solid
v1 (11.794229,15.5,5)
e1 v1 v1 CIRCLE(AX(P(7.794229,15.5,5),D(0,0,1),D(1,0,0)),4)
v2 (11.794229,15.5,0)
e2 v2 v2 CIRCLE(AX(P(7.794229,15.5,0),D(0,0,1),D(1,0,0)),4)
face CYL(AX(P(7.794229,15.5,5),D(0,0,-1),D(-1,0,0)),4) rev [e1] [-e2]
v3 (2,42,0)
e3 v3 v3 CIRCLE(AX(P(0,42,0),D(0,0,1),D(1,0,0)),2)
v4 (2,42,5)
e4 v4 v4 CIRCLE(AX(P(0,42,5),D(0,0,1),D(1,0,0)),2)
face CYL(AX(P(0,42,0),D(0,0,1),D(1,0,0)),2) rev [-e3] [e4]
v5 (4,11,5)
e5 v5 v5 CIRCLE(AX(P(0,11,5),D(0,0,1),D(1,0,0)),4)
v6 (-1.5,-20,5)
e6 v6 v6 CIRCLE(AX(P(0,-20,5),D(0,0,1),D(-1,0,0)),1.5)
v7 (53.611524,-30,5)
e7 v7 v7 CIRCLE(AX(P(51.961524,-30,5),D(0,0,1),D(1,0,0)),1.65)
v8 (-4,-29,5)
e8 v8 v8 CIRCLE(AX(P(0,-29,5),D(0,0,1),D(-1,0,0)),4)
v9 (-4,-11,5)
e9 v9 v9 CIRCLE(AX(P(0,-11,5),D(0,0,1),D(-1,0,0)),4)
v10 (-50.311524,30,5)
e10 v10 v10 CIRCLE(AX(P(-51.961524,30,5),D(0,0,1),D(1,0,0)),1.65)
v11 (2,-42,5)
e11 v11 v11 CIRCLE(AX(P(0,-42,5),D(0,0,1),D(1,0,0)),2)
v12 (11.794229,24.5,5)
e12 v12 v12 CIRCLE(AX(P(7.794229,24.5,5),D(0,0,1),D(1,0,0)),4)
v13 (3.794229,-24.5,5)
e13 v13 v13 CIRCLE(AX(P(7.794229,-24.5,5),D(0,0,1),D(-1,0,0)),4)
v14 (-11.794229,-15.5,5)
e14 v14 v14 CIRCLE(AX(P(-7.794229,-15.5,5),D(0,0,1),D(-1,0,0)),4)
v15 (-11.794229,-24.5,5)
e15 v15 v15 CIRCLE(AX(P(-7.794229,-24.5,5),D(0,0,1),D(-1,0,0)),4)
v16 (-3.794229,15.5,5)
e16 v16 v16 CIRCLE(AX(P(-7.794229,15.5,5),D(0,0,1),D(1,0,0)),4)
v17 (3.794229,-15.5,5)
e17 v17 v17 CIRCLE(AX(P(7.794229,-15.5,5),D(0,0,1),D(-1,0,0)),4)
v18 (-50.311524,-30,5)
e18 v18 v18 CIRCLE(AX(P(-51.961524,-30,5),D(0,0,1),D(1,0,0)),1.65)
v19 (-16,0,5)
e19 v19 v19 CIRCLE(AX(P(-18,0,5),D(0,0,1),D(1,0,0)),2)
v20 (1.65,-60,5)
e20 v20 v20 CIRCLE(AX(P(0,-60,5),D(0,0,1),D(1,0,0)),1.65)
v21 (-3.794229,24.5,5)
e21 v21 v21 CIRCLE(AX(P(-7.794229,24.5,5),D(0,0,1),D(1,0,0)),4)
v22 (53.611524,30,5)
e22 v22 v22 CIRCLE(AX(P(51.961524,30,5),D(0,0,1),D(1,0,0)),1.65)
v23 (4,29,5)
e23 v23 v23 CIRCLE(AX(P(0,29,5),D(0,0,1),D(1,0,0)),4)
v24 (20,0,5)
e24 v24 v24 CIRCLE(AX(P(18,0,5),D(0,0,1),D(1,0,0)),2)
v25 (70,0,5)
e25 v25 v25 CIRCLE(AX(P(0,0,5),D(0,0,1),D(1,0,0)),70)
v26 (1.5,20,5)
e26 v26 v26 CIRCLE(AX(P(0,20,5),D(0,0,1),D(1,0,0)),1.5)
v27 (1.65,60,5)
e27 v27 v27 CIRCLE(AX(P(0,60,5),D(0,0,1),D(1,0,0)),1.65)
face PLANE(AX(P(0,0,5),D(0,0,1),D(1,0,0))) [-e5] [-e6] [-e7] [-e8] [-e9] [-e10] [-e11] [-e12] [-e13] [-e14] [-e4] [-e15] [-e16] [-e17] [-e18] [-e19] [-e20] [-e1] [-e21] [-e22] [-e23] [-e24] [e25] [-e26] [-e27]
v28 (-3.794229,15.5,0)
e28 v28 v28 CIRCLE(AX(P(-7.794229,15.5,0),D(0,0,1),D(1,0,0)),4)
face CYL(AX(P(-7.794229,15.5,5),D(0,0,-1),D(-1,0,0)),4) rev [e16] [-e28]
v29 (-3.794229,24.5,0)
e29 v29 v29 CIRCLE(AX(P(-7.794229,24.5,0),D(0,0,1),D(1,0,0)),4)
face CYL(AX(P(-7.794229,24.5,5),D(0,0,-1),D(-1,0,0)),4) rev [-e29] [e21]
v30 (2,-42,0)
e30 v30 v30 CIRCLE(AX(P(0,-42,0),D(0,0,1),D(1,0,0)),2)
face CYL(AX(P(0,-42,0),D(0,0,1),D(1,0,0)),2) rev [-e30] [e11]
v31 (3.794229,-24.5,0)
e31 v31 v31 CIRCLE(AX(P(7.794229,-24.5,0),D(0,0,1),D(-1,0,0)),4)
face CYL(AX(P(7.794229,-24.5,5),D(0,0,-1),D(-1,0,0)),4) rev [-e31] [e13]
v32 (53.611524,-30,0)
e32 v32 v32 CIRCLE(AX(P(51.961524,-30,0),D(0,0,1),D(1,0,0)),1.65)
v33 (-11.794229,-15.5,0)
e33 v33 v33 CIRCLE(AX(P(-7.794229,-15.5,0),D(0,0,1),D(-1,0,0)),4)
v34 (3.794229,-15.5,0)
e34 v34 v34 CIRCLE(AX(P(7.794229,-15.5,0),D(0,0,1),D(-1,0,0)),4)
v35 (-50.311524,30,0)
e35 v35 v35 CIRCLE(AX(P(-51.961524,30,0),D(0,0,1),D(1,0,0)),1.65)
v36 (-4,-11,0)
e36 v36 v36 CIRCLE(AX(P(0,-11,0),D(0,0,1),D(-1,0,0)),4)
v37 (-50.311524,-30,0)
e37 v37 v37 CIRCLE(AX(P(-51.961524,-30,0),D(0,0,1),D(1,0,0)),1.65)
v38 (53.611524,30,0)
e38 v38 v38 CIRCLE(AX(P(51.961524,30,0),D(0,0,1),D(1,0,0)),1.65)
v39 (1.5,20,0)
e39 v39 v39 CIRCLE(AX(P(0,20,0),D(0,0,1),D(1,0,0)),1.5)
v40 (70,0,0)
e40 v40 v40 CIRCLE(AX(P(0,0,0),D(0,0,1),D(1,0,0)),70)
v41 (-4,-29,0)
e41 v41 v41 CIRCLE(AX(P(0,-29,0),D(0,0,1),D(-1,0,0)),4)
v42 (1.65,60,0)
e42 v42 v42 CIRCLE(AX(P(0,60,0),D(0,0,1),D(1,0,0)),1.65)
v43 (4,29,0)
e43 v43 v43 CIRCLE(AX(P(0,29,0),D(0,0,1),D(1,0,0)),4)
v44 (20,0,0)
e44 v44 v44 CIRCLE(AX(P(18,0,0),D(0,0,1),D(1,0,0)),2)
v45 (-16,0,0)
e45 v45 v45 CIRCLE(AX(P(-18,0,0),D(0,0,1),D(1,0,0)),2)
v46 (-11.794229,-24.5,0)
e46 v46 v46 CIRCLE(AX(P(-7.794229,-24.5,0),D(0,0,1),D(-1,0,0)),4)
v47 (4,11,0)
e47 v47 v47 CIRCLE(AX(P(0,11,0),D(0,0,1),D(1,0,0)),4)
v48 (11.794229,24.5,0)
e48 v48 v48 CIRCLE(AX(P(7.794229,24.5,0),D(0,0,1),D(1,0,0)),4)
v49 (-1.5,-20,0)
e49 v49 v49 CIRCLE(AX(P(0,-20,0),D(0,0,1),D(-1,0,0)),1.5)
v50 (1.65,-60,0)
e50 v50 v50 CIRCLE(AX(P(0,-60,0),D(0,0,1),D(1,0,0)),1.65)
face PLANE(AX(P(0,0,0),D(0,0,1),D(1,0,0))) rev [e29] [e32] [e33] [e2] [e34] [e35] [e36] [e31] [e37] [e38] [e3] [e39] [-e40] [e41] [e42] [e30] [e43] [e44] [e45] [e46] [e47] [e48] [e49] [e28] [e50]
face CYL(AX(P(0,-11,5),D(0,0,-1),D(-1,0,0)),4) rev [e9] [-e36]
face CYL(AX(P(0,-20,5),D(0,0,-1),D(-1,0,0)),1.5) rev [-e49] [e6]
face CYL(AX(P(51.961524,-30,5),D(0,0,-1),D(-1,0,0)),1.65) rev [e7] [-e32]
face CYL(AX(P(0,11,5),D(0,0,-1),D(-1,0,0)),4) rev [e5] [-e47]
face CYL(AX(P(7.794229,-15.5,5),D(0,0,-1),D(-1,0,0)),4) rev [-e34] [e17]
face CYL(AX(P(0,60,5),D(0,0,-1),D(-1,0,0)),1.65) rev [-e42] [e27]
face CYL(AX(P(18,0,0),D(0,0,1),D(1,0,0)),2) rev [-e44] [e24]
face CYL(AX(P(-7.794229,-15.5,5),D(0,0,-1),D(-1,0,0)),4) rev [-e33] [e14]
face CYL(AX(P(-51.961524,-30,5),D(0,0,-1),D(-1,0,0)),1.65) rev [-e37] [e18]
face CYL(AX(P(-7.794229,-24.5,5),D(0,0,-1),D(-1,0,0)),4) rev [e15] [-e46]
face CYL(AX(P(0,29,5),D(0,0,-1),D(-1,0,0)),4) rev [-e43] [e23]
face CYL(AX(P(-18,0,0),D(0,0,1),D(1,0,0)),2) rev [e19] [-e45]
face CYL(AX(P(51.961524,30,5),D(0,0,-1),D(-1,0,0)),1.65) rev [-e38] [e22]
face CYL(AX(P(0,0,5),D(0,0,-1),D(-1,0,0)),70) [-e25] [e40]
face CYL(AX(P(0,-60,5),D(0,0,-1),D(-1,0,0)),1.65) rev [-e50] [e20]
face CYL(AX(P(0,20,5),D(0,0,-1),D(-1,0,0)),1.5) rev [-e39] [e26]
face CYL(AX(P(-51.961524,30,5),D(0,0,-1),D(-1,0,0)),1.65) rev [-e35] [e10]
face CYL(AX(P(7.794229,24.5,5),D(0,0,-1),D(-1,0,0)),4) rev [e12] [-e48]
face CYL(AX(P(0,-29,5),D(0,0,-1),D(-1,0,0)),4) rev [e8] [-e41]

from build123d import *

# Parameters (mm, degrees)
SKETCH1_R           = 70
SKETCH1_R_2         = 1.65
SKETCH1_R_3         = 4
SKETCH1_R_4         = 1.5
BOSS_EXTRUDE1_DEPTH = 5
SKETCH2_R           = 2
CUT_EXTRUDE1_DEPTH  = 100.121138008


with BuildPart() as part:
    # Sketch1 → Boss-Extrude1 (new body)
    with BuildSketch(Plane.XY):
        Circle(SKETCH1_R)
        with Locations((0, 60)):
            Circle(SKETCH1_R_2, mode=Mode.SUBTRACT)
        with Locations((51.961524227, 30)):
            Circle(SKETCH1_R_2, mode=Mode.SUBTRACT)
        with Locations((51.961524227, -30)):
            Circle(SKETCH1_R_2, mode=Mode.SUBTRACT)
        with Locations((0, -60)):
            Circle(SKETCH1_R_2, mode=Mode.SUBTRACT)
        with Locations((-51.961524227, -30)):
            Circle(SKETCH1_R_2, mode=Mode.SUBTRACT)
        with Locations((-51.961524227, 30)):
            Circle(SKETCH1_R_2, mode=Mode.SUBTRACT)
        with Locations((0, 29)):
            Circle(SKETCH1_R_3, mode=Mode.SUBTRACT)
        with Locations((7.794228634, 24.5)):
            Circle(SKETCH1_R_3, mode=Mode.SUBTRACT)
        with Locations((7.794228634, 15.5)):
            Circle(SKETCH1_R_3, mode=Mode.SUBTRACT)
        with Locations((0, 11)):
            Circle(SKETCH1_R_3, mode=Mode.SUBTRACT)
        with Locations((-7.794228634, 15.5)):
            Circle(SKETCH1_R_3, mode=Mode.SUBTRACT)
        with Locations((-7.794228634, 24.5)):
            Circle(SKETCH1_R_3, mode=Mode.SUBTRACT)
        with Locations((0, 20)):
            Circle(SKETCH1_R_4, mode=Mode.SUBTRACT)
        with Locations(Location((7.794228634, -15.5, 0), (0, 0, 180))):
            Circle(SKETCH1_R_3, mode=Mode.SUBTRACT)
        with Locations(Location((0, -11, 0), (0, 0, 180))):
            Circle(SKETCH1_R_3, mode=Mode.SUBTRACT)
        with Locations(Location((-7.794228634, -15.5, 0), (0, 0, 180))):
            Circle(SKETCH1_R_3, mode=Mode.SUBTRACT)
        with Locations(Location((0, -20, 0), (0, 0, 180))):
            Circle(SKETCH1_R_4, mode=Mode.SUBTRACT)
        with Locations(Location((-7.794228634, -24.5, 0), (0, 0, 180))):
            Circle(SKETCH1_R_3, mode=Mode.SUBTRACT)
        with Locations(Location((0, -29, 0), (0, 0, 180))):
            Circle(SKETCH1_R_3, mode=Mode.SUBTRACT)
        with Locations(Location((7.794228634, -24.5, 0), (0, 0, 180))):
            Circle(SKETCH1_R_3, mode=Mode.SUBTRACT)
    extrude(amount=BOSS_EXTRUDE1_DEPTH)

    # Sketch2 → Cut-Extrude1 (cut, through all)
    with BuildSketch(Plane.XY.offset(5)):
        with Locations((0, 42)):
            Circle(SKETCH2_R)
        with Locations((0, -42)):
            Circle(SKETCH2_R)
        with Locations((18, 0)):
            Circle(SKETCH2_R)
        with Locations((-18, 0)):
            Circle(SKETCH2_R)
    extrude(amount=-CUT_EXTRUDE1_DEPTH, mode=Mode.SUBTRACT)


solid = part.part
